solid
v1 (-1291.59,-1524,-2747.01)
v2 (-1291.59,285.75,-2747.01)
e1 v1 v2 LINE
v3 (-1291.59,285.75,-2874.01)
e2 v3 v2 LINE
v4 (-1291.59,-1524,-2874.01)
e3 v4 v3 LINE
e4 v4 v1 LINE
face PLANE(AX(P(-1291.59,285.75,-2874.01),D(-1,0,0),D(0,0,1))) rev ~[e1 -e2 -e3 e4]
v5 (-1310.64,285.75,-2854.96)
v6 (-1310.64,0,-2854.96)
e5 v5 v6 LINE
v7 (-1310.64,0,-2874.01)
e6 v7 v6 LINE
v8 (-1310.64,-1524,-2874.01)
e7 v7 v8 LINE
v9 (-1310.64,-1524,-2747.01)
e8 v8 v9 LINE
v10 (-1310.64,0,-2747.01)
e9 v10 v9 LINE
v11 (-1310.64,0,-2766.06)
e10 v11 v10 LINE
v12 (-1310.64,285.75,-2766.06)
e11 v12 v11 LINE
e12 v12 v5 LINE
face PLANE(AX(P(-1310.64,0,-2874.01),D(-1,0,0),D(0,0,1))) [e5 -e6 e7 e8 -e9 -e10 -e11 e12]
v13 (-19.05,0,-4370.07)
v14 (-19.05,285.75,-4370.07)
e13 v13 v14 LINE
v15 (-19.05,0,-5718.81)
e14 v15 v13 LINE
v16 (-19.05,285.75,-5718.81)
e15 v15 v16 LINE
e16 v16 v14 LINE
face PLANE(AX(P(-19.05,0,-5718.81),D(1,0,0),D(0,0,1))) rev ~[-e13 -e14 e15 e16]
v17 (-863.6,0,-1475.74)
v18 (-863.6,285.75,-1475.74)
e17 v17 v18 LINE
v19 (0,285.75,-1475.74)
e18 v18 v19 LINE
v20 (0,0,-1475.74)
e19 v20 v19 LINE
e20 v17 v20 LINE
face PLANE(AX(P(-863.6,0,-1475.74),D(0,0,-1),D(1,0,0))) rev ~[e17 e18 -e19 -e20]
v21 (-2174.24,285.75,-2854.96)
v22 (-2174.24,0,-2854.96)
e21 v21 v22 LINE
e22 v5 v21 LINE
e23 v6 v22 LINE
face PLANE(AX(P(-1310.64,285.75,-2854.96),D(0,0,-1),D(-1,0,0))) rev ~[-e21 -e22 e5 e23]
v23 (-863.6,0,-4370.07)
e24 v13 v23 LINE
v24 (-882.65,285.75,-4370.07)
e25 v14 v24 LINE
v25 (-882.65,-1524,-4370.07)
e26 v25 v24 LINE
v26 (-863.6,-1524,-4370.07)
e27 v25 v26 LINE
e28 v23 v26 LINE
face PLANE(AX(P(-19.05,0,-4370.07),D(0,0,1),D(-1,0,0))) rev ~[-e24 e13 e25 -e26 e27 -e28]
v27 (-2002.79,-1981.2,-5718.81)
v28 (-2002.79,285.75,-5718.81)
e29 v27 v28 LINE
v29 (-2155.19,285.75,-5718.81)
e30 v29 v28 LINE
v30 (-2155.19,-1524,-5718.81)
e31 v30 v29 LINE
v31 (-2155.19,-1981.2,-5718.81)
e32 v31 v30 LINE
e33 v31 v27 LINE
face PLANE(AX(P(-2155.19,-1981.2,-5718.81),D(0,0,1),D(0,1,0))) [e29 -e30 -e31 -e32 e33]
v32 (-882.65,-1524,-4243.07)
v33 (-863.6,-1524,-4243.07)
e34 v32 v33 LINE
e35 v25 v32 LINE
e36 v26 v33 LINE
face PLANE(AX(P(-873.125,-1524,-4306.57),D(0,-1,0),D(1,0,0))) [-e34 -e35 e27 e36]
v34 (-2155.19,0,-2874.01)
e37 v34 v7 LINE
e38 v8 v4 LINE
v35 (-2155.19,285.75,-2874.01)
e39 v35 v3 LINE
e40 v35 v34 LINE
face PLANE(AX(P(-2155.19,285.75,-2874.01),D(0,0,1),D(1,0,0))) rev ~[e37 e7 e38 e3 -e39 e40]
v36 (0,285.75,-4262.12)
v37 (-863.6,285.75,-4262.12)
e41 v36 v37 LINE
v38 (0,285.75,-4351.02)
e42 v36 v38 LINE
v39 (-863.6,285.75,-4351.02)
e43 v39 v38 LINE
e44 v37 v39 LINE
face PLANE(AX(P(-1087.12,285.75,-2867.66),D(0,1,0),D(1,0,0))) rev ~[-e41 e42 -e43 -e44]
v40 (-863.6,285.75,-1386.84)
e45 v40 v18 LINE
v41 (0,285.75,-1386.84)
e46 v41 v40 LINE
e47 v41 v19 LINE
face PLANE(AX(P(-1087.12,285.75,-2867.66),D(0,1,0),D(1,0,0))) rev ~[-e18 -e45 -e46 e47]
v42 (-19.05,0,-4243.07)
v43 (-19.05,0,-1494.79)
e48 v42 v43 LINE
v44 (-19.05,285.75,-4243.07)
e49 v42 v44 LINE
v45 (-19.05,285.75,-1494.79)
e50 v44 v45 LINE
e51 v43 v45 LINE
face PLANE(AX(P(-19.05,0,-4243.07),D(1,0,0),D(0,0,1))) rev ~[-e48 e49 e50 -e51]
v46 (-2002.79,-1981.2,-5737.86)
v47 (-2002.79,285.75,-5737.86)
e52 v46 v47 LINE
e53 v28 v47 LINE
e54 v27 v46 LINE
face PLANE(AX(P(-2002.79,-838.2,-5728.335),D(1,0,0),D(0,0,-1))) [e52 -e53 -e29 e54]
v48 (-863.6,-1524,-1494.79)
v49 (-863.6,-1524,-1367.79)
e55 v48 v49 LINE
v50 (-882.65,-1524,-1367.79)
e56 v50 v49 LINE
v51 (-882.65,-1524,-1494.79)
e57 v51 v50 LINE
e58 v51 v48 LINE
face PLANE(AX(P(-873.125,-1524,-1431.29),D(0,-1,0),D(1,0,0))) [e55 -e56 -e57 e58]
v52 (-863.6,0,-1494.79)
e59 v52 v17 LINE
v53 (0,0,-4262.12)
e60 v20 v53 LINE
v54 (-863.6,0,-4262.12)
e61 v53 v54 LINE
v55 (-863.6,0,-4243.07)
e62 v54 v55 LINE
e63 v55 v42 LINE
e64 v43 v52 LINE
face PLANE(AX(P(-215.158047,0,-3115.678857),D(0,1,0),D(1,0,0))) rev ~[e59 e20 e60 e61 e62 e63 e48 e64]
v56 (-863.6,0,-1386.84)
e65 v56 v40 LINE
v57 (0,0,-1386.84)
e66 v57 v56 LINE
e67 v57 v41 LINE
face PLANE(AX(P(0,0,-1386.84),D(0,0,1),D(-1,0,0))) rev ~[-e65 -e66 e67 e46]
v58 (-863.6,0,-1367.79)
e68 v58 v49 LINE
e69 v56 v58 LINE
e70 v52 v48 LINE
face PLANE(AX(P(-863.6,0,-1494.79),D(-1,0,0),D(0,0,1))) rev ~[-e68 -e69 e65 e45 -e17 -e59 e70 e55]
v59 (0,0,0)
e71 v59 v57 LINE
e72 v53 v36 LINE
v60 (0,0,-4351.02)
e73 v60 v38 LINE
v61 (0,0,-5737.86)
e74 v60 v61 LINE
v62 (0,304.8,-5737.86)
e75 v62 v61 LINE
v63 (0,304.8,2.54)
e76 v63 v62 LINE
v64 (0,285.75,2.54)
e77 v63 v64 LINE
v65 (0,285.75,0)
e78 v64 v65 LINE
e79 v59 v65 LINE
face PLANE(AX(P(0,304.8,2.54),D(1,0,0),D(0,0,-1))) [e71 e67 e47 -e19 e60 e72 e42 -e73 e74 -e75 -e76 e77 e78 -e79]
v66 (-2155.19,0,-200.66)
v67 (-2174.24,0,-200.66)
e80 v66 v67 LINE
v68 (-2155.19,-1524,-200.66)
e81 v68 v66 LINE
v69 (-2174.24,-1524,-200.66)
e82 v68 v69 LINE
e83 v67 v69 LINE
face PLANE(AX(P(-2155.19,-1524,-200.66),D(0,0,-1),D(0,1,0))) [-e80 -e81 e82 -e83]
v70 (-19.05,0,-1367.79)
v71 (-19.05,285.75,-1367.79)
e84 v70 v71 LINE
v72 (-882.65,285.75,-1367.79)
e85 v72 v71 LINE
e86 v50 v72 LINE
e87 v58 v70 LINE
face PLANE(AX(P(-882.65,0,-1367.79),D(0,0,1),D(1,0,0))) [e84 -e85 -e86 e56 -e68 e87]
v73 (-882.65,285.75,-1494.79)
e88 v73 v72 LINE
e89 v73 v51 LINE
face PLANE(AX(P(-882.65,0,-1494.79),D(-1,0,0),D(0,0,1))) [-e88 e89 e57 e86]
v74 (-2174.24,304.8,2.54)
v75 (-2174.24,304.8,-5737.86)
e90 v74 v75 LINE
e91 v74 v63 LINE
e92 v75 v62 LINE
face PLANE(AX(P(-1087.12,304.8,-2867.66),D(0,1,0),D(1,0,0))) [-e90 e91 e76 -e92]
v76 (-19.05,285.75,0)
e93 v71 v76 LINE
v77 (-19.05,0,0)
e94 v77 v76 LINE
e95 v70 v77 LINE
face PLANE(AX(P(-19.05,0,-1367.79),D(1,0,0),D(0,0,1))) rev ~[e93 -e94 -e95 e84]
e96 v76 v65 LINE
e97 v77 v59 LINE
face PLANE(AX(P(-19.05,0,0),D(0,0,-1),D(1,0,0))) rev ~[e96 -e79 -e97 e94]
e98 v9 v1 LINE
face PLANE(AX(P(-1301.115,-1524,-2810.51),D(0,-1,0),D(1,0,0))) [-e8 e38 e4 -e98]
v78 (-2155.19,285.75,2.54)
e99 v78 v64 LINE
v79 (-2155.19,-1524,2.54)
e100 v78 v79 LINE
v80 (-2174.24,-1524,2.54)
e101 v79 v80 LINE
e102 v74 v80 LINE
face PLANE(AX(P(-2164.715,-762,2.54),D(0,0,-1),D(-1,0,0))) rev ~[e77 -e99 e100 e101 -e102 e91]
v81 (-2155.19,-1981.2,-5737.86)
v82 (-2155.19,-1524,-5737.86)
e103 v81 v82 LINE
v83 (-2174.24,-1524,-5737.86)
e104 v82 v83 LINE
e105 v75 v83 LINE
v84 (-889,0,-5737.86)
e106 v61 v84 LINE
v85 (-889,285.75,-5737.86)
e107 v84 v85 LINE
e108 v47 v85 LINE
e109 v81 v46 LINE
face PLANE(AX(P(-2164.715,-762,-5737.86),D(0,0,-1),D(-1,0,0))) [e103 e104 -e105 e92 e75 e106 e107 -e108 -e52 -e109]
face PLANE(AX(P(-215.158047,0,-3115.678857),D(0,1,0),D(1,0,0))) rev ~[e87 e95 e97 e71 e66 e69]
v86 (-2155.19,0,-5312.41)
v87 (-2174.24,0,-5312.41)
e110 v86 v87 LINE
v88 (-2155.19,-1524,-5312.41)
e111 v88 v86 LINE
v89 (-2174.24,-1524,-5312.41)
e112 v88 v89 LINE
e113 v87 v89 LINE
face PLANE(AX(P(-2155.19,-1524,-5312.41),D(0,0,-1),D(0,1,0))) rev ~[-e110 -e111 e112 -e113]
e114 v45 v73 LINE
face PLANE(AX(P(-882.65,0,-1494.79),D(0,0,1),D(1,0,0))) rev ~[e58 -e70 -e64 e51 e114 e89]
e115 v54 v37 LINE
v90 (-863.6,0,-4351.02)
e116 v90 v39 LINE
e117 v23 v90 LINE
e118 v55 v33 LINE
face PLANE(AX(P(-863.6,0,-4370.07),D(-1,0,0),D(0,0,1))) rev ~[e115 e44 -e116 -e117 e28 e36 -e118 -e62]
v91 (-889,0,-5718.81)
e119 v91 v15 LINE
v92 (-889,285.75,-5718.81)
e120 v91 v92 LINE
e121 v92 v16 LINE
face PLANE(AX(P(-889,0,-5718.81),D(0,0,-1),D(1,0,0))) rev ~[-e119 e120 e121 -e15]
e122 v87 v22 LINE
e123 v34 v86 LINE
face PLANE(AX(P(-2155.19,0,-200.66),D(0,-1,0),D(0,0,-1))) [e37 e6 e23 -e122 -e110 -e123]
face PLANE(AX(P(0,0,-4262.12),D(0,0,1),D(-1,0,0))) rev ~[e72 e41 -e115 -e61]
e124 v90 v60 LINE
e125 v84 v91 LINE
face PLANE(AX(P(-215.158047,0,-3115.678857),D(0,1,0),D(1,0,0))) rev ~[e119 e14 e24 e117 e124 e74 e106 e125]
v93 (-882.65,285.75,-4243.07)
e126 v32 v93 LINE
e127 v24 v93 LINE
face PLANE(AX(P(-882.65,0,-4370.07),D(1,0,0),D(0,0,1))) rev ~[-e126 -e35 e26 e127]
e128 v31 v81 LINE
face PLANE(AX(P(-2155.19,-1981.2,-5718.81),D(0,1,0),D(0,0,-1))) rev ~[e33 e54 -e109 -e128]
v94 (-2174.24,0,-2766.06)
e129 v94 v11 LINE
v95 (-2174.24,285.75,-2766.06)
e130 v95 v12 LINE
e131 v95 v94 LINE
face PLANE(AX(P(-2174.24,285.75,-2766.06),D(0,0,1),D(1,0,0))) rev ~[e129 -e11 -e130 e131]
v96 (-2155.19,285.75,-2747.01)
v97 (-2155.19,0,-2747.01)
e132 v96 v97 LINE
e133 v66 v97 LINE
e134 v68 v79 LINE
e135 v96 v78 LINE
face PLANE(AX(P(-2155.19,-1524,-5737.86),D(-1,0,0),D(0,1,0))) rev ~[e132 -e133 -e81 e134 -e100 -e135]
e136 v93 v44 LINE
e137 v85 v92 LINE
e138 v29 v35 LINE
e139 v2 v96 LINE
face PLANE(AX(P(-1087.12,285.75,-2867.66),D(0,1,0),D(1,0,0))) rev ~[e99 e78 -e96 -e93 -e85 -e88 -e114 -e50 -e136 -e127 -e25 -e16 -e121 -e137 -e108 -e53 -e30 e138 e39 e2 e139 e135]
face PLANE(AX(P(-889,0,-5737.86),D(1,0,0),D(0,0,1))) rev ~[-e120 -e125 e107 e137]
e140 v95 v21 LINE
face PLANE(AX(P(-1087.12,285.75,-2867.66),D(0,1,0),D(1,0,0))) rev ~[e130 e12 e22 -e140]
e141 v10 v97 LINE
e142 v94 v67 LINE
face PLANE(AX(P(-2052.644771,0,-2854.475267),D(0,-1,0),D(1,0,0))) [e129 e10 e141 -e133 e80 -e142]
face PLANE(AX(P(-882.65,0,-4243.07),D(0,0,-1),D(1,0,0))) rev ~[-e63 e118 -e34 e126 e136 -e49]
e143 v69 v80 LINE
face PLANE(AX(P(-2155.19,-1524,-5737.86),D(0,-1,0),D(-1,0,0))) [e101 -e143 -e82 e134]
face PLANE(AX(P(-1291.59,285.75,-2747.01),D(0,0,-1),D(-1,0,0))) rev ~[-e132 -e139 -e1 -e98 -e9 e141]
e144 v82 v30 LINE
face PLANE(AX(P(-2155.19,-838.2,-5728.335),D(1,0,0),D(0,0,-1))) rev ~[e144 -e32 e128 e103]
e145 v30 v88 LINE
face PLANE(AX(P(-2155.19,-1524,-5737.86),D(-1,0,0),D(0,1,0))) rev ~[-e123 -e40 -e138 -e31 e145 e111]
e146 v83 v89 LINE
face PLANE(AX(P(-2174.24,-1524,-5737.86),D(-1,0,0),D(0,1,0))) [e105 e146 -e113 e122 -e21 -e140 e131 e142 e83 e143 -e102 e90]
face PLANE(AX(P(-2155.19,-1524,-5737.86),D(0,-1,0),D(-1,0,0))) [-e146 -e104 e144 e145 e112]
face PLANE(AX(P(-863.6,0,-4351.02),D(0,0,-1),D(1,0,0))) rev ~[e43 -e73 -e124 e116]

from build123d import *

# Parameters (mm, degrees)
BOSS_EXTRUDE1_DEPTH = 304.8
SKETCH2_W           = 2174.24
SKETCH2_H           = 5740.4
BOSS_EXTRUDE2_DEPTH = 19.05
BOSS_EXTRUDE3_DEPTH = 285.75
SKETCH4_W           = 19.05
SKETCH4_H           = 127
BOSS_EXTRUDE4_DEPTH = 1524
SKETCH5_W           = 19.05
SKETCH5_H           = 2286
BOSS_EXTRUDE5_DEPTH = 152.4
SKETCH6_W           = 19.05
SKETCH6_H           = 1524
BOSS_EXTRUDE6_DEPTH = 5740.4
SKETCH7_W           = 5111.75
SKETCH7_H           = 1524
CUT_EXTRUDE1_DEPTH  = 6442.508732875


with BuildPart() as part:
    # Sketch1 → Boss-Extrude1 (new body)
    with BuildSketch(Plane(origin=(0, 0, 0), x_dir=(1, 0, 0), z_dir=(0, 1, 0))):
        Polygon((0, 0), (0, 1386.84), (-863.6, 1386.84), (-863.6, 1475.74), (0, 1475.74), (0, 4262.12), (-863.6, 4262.12), (-863.6, 4351.02), (0, 4351.02), (0, 5737.86), (-889, 5737.86), (-889, 5718.81), (-19.05, 5718.81), (-19.05, 4370.07), (-882.65, 4370.07), (-882.65, 4243.07), (-19.05, 4243.07), (-19.05, 1494.79), (-882.65, 1494.79), (-882.65, 1367.79), (-19.05, 1367.79), (-19.05, 0), align=None)
    extrude(amount=BOSS_EXTRUDE1_DEPTH)

    # Sketch2 → Boss-Extrude2 (add)
    with BuildSketch(Plane(origin=(0, 304.8, 0), x_dir=(1, 0, 0), z_dir=(0, 1, 0))):
        with Locations((-1087.12, 2867.66)):
            Rectangle(SKETCH2_W, SKETCH2_H)
    extrude(amount=-BOSS_EXTRUDE2_DEPTH)

    # Sketch3 → Boss-Extrude3 (add)
    with BuildSketch(Plane.XZ.offset(-285.75)):
        Polygon((-2174.24, 2.54), (-2174.24, -2766.06), (-1310.64, -2766.06), (-1310.64, -2854.96), (-2174.24, -2854.96), (-2174.24, -5737.86), (-2155.19, -5737.86), (-2155.19, -2874.01), (-1291.59, -2874.01), (-1291.59, -2747.01), (-2155.19, -2747.01), (-2155.19, 2.54), align=None)
    extrude(amount=BOSS_EXTRUDE3_DEPTH)

    # Sketch4 → Boss-Extrude4 (add)
    with BuildSketch(Plane.XZ):
        with Locations((-873.125, -1431.29)):
            Rectangle(SKETCH4_W, SKETCH4_H)
        with Locations((-1301.115, -2810.51)):
            Rectangle(SKETCH4_W, SKETCH4_H)
        with Locations((-873.125, -4306.57)):
            Rectangle(SKETCH4_W, SKETCH4_H)
    extrude(amount=BOSS_EXTRUDE4_DEPTH)

    # Sketch5 → Boss-Extrude5 (add)
    with BuildSketch(Plane(origin=(-2155.19, 0, 0), x_dir=(0, 0, -1), z_dir=(1, 0, 0))):
        with Locations((5728.335, -838.2)):
            Rectangle(SKETCH5_W, SKETCH5_H)
    extrude(amount=BOSS_EXTRUDE5_DEPTH)

    # Sketch6 → Boss-Extrude6 (add)
    with BuildSketch(Plane(origin=(0, 0, -5737.86), x_dir=(-1, 0, 0), z_dir=(0, 0, -1))):
        with Locations((2164.715, -762)):
            Rectangle(SKETCH6_W, SKETCH6_H)
    extrude(amount=-BOSS_EXTRUDE6_DEPTH)

    # Sketch7 → Cut-Extrude1 (cut, through all)
    with BuildSketch(Plane(origin=(-2155.19, 0, 0), x_dir=(0, 0, -1), z_dir=(1, 0, 0))):
        with Locations((2756.535, -762)):
            Rectangle(SKETCH7_W, SKETCH7_H)
    extrude(amount=-CUT_EXTRUDE1_DEPTH, mode=Mode.SUBTRACT)


solid = part.part
